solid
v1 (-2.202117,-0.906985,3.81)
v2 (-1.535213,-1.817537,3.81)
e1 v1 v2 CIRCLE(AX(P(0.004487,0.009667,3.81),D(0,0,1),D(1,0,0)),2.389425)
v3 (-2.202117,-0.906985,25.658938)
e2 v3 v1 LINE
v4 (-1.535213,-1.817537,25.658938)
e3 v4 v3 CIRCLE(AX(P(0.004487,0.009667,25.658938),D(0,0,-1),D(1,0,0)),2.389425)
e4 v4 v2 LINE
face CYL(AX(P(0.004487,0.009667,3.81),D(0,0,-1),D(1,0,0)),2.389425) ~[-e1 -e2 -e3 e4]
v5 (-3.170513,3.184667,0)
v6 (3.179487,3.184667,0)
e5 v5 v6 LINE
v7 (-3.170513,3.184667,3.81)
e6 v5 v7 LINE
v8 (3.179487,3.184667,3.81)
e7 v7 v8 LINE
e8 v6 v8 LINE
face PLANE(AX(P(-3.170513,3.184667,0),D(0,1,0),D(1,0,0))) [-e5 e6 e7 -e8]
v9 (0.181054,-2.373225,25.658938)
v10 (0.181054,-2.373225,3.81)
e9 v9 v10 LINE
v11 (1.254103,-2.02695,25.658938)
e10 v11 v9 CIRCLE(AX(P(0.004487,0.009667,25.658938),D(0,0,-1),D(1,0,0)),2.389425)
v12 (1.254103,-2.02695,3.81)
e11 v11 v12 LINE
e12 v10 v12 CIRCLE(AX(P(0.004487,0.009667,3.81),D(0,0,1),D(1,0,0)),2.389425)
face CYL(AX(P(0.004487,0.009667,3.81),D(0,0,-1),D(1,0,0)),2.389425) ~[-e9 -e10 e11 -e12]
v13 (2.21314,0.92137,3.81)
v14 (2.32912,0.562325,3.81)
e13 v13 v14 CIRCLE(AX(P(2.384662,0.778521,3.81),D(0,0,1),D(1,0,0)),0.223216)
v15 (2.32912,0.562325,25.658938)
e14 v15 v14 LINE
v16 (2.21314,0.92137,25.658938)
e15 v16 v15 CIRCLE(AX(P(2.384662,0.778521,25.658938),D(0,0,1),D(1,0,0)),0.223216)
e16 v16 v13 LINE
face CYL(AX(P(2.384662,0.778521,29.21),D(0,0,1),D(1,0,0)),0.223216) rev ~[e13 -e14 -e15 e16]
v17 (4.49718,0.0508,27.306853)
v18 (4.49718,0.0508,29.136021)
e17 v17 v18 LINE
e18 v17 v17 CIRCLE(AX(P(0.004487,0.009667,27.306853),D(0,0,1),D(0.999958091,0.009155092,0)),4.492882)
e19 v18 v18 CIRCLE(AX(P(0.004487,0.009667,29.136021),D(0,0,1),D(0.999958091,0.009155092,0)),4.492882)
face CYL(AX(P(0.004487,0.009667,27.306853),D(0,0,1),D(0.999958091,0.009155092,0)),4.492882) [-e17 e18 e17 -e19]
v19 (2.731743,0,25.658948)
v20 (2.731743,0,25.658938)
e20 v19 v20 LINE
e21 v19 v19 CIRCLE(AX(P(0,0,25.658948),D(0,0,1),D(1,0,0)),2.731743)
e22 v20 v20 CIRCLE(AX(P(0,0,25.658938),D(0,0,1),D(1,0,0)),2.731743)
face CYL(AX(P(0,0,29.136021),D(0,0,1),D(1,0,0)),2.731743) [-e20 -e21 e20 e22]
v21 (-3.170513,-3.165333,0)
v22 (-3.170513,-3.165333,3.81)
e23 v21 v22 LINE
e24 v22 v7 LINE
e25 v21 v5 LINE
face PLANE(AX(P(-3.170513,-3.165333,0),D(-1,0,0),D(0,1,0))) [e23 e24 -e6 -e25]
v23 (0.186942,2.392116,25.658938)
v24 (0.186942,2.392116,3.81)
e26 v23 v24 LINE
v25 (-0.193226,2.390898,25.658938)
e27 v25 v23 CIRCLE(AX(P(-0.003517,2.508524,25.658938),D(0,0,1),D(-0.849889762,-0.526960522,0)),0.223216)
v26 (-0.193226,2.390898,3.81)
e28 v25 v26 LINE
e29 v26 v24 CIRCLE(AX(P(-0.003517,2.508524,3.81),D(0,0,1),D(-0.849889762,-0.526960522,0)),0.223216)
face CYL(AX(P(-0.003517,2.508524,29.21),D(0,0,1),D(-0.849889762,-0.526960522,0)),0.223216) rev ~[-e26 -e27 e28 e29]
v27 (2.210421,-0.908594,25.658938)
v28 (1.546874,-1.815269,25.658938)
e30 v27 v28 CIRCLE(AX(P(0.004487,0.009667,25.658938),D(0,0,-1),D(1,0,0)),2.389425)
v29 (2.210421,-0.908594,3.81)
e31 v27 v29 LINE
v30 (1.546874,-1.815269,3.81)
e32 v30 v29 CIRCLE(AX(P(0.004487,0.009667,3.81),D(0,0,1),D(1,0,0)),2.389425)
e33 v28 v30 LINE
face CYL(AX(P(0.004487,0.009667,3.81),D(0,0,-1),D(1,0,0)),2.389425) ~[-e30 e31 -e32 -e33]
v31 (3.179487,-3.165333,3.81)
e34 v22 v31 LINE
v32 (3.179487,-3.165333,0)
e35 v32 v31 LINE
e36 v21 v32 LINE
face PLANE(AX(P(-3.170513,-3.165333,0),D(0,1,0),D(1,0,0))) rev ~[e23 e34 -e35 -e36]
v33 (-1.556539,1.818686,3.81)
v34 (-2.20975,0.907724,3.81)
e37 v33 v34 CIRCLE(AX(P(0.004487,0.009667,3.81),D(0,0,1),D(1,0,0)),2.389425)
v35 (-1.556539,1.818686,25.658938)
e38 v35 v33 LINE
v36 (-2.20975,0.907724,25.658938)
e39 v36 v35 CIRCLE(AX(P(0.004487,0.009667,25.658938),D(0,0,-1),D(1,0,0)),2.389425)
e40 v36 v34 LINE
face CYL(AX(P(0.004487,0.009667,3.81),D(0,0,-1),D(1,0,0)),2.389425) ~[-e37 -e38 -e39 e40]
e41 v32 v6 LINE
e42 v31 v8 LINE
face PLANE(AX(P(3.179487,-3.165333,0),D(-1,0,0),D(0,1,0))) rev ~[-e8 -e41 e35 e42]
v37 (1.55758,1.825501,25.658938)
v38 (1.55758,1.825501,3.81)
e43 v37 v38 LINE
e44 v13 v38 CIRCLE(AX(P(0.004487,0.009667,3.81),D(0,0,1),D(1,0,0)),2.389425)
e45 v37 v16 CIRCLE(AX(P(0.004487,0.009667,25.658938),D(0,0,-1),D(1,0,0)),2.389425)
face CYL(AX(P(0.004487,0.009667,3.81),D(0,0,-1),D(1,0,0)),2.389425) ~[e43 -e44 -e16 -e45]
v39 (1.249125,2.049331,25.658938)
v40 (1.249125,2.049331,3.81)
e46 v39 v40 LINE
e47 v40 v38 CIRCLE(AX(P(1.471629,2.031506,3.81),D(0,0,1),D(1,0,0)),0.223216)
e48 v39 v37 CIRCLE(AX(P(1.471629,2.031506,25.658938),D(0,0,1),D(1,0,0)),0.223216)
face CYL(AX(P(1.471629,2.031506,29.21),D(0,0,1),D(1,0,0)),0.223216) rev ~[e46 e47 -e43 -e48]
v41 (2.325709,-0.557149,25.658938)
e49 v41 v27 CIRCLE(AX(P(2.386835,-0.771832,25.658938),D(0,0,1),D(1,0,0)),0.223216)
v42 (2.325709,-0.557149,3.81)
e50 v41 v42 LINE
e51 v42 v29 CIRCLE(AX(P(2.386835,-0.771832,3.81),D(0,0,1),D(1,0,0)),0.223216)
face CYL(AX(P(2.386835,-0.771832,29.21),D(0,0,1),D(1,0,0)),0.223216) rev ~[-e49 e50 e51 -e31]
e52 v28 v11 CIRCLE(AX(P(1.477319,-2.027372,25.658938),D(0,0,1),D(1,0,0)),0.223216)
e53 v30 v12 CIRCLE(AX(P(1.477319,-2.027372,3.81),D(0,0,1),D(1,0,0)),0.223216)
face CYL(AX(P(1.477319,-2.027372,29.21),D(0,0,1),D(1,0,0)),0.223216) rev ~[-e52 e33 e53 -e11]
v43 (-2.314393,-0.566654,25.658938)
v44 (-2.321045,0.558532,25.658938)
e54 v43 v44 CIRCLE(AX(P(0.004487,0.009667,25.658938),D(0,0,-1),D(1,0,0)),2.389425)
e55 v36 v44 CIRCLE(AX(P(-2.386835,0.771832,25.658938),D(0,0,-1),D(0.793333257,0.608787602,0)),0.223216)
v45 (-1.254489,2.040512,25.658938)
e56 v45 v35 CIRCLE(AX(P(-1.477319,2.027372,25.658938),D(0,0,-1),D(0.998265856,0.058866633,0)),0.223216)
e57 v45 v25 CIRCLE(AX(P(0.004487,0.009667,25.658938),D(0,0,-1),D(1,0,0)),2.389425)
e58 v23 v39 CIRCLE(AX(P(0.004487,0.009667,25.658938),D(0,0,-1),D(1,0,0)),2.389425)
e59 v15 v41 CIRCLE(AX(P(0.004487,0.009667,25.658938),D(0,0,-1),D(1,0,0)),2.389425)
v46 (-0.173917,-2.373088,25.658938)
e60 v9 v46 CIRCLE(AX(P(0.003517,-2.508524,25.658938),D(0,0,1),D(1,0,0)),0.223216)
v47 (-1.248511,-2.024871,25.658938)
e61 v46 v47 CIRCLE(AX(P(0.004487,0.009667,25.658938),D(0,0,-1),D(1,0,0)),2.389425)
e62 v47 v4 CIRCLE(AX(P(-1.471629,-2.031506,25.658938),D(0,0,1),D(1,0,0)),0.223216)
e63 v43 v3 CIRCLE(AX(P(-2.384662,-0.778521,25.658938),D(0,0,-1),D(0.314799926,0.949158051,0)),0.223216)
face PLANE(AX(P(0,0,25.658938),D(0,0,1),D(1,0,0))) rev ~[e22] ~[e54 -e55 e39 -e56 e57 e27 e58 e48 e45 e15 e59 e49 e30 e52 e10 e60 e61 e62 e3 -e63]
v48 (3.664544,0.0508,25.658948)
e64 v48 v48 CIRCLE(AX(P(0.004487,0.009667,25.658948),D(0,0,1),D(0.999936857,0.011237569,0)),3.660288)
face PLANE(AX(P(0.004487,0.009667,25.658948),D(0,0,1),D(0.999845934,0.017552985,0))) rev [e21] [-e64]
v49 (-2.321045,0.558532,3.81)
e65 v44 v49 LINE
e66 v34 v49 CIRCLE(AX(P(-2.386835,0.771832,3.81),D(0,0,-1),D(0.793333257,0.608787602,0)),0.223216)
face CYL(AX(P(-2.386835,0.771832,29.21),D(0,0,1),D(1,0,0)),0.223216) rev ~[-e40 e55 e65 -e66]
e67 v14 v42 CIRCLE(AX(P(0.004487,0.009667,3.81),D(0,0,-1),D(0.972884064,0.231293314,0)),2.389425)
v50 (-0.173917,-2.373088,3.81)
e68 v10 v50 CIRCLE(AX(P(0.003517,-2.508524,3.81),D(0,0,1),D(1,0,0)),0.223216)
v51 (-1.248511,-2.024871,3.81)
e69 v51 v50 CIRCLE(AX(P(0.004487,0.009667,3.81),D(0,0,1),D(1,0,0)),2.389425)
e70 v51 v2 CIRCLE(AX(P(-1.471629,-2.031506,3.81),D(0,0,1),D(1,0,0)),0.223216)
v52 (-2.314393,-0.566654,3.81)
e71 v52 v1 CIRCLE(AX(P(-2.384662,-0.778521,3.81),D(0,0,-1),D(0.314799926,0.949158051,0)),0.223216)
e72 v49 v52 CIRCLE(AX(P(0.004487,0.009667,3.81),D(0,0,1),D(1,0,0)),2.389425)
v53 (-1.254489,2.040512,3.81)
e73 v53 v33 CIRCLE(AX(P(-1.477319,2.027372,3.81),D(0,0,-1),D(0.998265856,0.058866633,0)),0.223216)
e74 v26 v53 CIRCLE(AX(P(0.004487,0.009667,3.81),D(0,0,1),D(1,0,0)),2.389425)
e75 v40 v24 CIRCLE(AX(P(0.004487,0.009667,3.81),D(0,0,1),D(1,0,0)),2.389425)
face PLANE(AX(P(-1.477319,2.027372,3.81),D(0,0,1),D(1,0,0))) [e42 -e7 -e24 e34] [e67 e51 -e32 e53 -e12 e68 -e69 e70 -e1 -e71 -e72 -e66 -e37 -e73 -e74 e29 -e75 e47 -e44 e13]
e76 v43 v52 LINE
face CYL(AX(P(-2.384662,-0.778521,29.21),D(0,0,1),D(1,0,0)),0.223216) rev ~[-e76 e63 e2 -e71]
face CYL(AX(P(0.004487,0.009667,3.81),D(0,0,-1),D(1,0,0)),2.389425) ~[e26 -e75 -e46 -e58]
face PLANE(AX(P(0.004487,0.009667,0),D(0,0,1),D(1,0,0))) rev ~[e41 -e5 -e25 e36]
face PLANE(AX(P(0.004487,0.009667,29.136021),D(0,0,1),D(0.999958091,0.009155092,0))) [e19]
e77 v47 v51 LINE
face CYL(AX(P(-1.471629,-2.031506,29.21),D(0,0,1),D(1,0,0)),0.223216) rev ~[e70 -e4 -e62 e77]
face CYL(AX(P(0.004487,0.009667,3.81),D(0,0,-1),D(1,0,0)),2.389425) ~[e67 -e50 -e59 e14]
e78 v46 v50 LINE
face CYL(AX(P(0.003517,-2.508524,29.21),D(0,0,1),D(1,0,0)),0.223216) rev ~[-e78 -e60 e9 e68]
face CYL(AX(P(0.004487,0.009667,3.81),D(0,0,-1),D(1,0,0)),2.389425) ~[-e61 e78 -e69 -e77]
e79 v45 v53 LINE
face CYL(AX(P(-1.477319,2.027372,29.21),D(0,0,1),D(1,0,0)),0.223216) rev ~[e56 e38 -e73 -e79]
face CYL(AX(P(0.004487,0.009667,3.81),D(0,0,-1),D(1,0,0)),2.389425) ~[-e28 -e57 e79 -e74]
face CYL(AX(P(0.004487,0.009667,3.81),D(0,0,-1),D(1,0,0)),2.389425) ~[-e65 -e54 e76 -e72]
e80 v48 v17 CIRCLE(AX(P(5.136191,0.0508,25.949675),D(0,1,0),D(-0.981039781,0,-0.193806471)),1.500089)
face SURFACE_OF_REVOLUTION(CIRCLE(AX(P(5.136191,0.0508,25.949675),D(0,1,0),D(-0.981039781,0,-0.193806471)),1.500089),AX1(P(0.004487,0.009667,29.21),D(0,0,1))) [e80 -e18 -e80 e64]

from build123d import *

# Parameters (mm, degrees)
F0_W      = 6.35
F0_H      = 6.35
F1_DEPTH  = 3.81
F2_R      = 2.3894248051
F3_DEPTH  = 25.4
F8_R      = 0.2232162281
F9_DEPTH  = 25.4
F10_R     = 2.7317429941
F11_DEPTH = 3.4770822
F12_W     = 5.8086237404
F12_H     = 6.0867127031
F13_DEPTH = 25.4


with BuildPart() as f1:
    # F0 (on Top) → F1 (new body)
    with BuildSketch(Plane.XY):
        with Locations((2.5444868952, -10.8615327454)):
            Rectangle(F0_W, F0_H)
    extrude(amount=F1_DEPTH)

    # F2 (on face) → F3 (join)
    with BuildSketch(Plane.XY.offset(3.81)):
        with Locations((2.5444868952, -10.8615327454)):
            Circle(F2_R)
    extrude(amount=F3_DEPTH)


with BuildPart() as f1_1:
    # F4: moved
    add(f1.part.moved(Location((-2.4892, 10.8204, 0))))

    # F5 (on Front) → F6 (revolve)
    with BuildSketch(Plane.XZ):
        with BuildLine():
            Line((3.715344239, 29.1360206902), (2.3982734419, 29.1360206902))
            Line((2.3982734419, 29.1360206902), (2.3982734419, 25.658948347))
            Line((2.3982734419, 25.658948347), (3.715344239, 25.658948347))
            ThreePointArc((3.715344239, 25.658948347), (3.8481047551, 26.626173701), (4.5479801483, 27.3068532688))
            Line((4.5479801483, 27.3068532688), (4.5479801483, 29.1360206902))
            Line((4.5479801483, 29.1360206902), (3.715344239, 29.1360206902))
        make_face()
    revolve(axis=Axis((0.0552868952, -0.0411327454, 29.21), (0, 0, 1)))


with BuildPart() as f1_2:
    # F7: moved
    add(f1_1.part.moved(Location((-0.0508, 0.0508, 0))))

    # F8 (on face) → F9 (cut)
    with BuildSketch(Plane.XY.offset(29.21)):
        with BuildLine():
            ThreePointArc((0.2196997185, 2.5085243013), (-0.06466925, 2.7232003988), (-0.1932256967, 2.3908981612))
            ThreePointArc((-0.1932256967, 2.3908981612), (-0.0028015905, 2.2853092181), (0.1869422498, 2.3921157731))
            ThreePointArc((0.1869422498, 2.3921157731), (0.2113543474, 2.4480594413), (0.2196997185, 2.5085243013))
        make_face()
        with Locations((-1.4773185054, 2.027371838)):
            Circle(F8_R)
        with Locations((-2.3868350443, 0.7718322405)):
            Circle(F8_R)
        with Locations((-2.3846617218, -0.7785210393)):
            Circle(F8_R)
        with Locations((-1.4716286733, -2.031505743)):
            Circle(F8_R)
        with Locations((0.0035165096, -2.5085243013)):
            Circle(F8_R)
        with Locations((1.4773185054, -2.027371838)):
            Circle(F8_R)
        with Locations((2.3868350443, -0.7718322405)):
            Circle(F8_R)
        with Locations((2.3846617218, 0.7785210393)):
            Circle(F8_R)
        with Locations((1.4716286733, 2.031505743)):
            Circle(F8_R)
    extrude(amount=-F9_DEPTH, mode=Mode.SUBTRACT)

    # F10 (on face) → F11 (join)
    with BuildSketch(Plane.XY.offset(29.1360206902)):
        Circle(F10_R)
    extrude(amount=-F11_DEPTH)

    # F12 (on face) → F13 (cut)
    with BuildSketch(Plane.XY.offset(29.1360206902)):
        with Locations((0.0104332576, 0.1239965204)):
            Rectangle(F12_W, F12_H)
    extrude(amount=F13_DEPTH, mode=Mode.SUBTRACT)


solid = f1_2.part
